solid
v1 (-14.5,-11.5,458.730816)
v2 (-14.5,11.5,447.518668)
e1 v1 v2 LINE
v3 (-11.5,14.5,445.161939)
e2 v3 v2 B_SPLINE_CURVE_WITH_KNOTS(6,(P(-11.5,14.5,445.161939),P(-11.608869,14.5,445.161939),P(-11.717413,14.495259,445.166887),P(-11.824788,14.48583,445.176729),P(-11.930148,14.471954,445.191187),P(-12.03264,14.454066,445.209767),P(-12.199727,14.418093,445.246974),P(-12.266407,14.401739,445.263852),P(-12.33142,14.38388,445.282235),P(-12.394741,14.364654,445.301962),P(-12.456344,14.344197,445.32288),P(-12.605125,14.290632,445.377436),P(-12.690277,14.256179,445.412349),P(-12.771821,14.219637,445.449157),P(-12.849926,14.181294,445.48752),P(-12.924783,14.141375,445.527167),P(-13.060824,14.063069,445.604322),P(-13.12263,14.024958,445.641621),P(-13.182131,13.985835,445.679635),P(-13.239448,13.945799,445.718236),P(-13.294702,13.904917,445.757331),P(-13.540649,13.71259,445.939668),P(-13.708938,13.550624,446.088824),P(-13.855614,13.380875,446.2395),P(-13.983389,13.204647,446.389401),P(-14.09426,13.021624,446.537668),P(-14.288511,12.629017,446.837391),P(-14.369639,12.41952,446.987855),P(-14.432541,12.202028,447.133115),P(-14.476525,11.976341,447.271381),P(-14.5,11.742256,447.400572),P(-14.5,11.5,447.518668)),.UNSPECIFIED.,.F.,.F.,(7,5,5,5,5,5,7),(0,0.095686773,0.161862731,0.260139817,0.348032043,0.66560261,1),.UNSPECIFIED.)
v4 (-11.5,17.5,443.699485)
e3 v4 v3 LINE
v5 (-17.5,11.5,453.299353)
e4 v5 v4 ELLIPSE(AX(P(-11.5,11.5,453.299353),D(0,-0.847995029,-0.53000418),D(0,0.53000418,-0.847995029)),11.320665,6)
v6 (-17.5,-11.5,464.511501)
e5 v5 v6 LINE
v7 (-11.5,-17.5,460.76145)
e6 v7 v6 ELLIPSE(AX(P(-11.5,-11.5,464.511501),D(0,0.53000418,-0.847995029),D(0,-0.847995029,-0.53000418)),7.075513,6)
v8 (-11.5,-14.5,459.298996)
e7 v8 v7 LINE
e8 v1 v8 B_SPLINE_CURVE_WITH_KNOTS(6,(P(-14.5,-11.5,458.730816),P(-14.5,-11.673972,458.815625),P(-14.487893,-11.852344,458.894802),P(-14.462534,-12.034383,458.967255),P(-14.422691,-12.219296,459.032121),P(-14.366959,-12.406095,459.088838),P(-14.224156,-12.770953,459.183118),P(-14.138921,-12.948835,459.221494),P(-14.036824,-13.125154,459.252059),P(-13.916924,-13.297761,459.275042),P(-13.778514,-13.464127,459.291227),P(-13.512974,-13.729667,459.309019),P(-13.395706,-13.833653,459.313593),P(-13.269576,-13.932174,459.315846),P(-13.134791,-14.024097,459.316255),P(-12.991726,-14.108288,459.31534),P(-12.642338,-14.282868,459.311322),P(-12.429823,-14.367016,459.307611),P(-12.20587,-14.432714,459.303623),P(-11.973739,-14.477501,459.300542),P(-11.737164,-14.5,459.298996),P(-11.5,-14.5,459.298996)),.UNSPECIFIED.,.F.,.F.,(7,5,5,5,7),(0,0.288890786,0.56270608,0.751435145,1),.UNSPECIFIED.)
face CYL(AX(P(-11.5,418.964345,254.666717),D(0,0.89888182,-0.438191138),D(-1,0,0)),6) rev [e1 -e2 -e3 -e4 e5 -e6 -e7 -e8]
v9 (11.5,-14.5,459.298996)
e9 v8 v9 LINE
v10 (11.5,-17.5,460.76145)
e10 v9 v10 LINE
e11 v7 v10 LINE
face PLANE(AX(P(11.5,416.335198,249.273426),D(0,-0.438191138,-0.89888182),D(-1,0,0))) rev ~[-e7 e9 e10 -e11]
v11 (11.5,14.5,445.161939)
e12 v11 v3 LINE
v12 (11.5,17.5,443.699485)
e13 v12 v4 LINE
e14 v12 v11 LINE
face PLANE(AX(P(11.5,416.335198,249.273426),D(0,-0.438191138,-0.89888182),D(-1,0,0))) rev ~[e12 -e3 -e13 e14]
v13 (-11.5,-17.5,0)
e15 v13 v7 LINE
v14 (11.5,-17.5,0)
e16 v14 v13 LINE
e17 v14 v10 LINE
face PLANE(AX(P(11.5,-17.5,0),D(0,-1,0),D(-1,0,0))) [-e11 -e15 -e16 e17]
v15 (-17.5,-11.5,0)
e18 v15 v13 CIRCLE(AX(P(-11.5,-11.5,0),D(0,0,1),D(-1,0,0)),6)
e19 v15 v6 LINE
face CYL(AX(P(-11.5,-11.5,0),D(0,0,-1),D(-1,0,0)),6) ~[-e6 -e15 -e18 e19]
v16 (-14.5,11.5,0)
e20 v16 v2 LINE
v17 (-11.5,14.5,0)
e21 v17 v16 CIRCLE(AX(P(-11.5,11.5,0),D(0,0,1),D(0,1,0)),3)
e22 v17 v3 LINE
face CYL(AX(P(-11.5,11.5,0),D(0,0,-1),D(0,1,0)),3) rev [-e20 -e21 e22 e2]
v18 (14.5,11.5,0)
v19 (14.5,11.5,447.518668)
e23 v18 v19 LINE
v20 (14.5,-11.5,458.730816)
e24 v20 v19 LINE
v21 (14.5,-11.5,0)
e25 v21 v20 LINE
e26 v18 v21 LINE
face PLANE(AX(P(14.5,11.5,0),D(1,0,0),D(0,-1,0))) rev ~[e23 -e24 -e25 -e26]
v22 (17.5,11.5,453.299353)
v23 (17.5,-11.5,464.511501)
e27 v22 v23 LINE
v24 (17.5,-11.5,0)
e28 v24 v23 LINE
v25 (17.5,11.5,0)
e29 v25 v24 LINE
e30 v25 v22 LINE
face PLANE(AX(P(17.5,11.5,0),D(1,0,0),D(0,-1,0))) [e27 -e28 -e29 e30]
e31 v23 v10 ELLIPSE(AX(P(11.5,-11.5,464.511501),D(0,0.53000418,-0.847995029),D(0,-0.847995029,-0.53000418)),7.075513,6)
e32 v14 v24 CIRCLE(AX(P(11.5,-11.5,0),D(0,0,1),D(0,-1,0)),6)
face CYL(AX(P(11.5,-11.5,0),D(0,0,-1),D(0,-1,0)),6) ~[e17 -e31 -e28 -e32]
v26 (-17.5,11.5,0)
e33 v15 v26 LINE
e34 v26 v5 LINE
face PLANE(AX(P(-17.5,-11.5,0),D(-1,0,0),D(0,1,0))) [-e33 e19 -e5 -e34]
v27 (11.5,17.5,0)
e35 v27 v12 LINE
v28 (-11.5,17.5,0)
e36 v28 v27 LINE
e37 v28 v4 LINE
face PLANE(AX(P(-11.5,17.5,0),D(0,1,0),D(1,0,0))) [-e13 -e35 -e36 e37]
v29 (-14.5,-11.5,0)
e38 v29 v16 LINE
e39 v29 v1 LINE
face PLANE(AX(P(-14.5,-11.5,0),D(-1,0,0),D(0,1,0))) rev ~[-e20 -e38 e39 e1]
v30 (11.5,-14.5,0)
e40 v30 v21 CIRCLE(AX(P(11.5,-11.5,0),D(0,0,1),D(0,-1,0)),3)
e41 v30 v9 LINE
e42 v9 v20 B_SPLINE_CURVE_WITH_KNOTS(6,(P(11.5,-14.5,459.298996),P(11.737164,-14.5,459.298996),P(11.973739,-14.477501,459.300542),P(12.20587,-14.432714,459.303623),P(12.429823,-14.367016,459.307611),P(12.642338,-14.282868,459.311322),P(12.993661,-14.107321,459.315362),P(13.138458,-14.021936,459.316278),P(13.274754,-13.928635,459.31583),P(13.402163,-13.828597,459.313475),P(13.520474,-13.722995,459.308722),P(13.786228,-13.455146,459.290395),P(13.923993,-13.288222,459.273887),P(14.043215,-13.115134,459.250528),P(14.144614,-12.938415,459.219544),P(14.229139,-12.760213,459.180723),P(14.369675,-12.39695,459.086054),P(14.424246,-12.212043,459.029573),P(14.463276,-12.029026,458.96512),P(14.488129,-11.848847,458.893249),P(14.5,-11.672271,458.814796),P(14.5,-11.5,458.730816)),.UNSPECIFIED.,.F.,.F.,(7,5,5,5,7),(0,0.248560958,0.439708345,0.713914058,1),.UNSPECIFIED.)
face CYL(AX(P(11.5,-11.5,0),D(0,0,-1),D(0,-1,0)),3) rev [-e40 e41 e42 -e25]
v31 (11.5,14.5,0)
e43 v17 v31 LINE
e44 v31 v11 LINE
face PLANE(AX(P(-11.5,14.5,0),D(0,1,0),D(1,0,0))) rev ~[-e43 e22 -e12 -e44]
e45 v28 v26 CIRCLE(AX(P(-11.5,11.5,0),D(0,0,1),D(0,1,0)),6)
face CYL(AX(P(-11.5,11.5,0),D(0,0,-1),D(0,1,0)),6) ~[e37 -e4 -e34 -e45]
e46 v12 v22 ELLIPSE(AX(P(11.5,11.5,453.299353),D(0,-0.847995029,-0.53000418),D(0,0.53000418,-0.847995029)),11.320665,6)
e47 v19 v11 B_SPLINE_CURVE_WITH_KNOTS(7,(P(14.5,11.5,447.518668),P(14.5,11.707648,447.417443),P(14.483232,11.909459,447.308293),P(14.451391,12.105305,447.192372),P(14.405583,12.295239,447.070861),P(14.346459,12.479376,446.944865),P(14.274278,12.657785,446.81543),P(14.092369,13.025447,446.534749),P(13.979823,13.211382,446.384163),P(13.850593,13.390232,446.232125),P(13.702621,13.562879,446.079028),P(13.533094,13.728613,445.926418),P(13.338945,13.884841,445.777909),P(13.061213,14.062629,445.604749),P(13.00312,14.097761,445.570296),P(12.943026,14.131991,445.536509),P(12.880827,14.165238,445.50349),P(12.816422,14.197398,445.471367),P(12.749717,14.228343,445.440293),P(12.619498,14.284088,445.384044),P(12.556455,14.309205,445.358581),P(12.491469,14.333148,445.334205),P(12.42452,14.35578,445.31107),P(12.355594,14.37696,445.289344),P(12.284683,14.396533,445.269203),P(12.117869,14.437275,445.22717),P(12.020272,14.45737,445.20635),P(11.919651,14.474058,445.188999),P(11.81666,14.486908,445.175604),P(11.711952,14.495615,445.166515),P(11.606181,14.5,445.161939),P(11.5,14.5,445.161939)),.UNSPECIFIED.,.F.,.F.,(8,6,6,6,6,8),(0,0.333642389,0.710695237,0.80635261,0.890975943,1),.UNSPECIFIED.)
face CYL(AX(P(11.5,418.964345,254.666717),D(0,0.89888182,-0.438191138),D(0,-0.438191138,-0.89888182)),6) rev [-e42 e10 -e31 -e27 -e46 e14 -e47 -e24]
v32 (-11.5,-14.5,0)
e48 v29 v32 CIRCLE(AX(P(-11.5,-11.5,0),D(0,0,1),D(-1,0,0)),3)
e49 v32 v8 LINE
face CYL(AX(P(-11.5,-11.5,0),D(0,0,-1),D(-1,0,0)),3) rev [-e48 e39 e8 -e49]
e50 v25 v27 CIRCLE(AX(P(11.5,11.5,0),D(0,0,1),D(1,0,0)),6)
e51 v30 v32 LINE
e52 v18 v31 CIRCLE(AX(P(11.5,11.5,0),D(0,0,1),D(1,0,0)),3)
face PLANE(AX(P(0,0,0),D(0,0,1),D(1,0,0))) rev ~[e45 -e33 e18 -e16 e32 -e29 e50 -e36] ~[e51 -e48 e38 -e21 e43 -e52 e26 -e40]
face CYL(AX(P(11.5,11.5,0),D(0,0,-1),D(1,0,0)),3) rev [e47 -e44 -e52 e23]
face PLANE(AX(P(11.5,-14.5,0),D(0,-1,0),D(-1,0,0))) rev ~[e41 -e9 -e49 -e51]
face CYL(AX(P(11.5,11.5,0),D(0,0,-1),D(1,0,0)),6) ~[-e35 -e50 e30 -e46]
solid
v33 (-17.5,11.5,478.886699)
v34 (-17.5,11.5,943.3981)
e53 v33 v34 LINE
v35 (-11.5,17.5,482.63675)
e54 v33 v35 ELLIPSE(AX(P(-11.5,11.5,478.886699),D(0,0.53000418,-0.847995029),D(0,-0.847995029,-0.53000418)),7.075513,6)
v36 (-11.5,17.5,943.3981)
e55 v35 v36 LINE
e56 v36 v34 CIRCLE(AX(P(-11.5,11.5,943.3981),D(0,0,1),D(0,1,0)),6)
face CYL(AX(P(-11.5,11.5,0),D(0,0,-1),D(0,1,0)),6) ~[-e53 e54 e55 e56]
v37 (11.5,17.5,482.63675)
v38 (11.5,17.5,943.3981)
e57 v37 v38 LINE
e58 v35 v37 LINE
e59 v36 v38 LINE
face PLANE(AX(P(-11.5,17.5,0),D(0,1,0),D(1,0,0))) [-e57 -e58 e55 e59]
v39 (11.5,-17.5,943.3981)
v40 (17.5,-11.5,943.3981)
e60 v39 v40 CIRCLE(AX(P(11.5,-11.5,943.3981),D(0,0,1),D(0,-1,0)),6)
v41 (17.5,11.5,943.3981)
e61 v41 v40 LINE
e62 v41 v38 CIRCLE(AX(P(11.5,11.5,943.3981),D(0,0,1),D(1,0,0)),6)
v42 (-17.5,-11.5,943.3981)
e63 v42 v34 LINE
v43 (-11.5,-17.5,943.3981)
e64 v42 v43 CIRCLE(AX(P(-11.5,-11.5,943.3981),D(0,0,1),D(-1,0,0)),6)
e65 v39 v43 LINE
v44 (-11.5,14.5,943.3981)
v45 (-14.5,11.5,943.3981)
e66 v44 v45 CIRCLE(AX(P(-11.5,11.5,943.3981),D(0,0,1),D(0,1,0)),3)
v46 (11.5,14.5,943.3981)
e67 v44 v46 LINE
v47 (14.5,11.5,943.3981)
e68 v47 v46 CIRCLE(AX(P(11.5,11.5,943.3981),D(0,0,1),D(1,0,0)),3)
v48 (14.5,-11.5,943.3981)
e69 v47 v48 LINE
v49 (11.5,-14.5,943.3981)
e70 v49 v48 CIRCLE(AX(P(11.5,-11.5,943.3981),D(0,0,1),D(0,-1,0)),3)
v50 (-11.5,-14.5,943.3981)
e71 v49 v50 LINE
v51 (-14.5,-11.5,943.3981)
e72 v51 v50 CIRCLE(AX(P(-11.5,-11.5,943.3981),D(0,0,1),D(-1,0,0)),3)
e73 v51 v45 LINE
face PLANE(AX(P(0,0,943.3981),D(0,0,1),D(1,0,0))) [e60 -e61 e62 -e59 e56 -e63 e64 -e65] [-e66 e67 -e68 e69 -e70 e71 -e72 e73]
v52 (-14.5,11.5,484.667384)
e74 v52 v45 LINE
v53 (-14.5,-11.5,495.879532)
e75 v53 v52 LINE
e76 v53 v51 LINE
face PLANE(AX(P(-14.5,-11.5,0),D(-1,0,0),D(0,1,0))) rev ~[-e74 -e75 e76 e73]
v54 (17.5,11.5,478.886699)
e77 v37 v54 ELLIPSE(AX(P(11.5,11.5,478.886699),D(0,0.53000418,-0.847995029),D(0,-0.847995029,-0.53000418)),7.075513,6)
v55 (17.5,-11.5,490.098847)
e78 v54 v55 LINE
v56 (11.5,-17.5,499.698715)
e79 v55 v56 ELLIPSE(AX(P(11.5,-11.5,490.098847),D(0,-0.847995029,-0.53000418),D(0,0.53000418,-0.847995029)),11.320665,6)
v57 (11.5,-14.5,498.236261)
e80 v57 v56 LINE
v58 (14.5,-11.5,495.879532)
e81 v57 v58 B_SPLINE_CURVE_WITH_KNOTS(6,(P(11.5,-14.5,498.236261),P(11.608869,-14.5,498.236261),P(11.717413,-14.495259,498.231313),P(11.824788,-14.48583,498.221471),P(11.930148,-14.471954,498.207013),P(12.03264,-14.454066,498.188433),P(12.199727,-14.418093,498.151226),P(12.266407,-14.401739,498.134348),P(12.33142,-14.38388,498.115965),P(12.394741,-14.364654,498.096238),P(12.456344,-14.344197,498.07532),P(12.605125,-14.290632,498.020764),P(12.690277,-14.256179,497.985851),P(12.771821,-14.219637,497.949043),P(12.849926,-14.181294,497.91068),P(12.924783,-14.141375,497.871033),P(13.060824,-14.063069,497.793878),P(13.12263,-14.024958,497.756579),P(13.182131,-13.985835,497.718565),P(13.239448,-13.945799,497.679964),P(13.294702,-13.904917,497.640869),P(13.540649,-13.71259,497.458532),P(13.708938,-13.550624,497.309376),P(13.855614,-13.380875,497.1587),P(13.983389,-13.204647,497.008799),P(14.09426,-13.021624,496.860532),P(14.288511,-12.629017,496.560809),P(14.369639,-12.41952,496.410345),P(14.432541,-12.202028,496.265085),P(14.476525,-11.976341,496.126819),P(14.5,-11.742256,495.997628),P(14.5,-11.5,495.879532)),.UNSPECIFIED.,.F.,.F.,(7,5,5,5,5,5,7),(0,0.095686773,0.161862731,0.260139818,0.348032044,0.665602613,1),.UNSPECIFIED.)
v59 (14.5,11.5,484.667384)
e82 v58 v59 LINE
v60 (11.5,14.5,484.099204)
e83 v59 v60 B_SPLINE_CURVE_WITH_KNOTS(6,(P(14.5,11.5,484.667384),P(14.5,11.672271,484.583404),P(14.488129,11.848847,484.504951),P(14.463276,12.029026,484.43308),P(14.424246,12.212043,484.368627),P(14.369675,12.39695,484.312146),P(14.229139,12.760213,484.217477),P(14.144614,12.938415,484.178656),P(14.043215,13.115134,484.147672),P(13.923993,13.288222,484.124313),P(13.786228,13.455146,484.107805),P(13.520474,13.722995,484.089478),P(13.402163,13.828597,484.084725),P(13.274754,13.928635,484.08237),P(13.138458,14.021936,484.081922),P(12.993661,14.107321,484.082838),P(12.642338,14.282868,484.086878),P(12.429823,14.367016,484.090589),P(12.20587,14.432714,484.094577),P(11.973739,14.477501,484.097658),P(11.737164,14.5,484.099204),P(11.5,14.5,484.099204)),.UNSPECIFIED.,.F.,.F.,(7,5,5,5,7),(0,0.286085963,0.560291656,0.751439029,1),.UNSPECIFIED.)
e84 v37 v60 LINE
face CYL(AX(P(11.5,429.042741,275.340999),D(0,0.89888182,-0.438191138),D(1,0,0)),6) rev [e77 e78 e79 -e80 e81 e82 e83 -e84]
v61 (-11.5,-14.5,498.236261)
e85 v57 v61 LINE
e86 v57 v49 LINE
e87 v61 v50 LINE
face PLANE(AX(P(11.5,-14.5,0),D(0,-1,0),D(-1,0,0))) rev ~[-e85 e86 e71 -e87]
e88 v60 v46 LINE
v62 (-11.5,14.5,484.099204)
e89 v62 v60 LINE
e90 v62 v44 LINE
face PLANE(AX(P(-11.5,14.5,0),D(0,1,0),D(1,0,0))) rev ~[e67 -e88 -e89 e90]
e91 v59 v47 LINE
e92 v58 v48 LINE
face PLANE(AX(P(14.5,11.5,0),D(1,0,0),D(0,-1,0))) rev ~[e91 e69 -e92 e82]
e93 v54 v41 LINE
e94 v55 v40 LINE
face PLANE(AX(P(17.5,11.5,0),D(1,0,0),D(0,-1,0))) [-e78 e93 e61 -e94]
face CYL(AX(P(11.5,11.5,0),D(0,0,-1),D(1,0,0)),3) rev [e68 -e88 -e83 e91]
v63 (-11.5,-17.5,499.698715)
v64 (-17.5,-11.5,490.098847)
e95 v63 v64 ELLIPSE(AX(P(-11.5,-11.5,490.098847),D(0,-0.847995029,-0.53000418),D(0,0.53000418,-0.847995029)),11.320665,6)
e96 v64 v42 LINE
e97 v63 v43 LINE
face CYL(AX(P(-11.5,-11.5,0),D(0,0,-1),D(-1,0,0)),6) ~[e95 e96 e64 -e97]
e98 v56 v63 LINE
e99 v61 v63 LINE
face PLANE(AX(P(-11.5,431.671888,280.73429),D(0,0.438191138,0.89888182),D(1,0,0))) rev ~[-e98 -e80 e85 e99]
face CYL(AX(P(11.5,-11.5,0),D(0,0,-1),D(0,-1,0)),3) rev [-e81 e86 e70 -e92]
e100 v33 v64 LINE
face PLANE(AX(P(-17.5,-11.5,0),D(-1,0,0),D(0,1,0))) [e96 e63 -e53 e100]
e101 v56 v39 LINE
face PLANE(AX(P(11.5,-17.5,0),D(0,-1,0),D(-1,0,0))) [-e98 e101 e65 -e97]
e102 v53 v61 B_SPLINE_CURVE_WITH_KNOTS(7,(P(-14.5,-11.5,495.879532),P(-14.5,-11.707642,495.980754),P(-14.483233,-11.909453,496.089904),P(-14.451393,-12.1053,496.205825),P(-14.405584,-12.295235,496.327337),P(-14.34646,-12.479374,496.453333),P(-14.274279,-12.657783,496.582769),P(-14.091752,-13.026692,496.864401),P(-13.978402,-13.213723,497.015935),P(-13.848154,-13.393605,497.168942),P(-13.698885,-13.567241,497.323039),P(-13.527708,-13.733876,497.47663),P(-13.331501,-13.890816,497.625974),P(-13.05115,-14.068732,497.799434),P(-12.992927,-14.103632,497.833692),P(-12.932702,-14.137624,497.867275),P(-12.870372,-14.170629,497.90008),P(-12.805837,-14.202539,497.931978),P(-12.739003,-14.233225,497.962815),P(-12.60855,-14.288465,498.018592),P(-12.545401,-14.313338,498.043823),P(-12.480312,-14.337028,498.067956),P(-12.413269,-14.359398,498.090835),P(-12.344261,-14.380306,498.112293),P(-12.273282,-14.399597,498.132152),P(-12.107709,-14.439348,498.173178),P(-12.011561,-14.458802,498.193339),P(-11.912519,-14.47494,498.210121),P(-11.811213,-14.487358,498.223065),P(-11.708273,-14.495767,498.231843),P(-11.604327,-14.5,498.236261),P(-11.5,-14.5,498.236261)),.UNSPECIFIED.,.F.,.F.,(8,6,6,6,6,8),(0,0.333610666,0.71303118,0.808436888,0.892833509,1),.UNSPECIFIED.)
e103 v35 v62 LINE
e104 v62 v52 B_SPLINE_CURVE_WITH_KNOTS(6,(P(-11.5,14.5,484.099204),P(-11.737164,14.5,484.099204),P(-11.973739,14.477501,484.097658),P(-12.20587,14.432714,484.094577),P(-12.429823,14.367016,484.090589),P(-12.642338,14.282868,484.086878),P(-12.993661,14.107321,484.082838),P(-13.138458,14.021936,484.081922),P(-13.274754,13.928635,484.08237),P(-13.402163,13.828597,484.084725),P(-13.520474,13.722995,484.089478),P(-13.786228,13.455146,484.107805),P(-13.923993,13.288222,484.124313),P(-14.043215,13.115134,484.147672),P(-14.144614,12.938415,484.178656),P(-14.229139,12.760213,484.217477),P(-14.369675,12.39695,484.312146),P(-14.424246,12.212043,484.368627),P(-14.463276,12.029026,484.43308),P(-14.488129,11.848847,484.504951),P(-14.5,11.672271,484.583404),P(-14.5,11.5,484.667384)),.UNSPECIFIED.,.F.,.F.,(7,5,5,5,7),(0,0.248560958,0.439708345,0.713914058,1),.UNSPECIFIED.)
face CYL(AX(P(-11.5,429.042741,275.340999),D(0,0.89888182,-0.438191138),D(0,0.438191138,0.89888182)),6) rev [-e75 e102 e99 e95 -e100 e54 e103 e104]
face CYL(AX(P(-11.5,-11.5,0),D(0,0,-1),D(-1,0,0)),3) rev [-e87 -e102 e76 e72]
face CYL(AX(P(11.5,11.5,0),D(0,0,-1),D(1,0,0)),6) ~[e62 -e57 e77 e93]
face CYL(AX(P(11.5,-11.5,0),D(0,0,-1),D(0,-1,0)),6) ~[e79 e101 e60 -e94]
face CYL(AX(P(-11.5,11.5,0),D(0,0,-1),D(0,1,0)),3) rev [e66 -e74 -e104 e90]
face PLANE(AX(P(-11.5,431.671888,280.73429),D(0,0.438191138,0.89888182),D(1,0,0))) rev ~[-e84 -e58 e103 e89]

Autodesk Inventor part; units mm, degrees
ref_plane "Start plane" through (0, 0, 0) normal (0, 0, 1) x (1, 0, 0)
ref_plane "End plane" through (0, 0, 943.3981) normal (0, 0, 1) x (1, 0, 0)
sketch "Sketch" plane through (0, 0, 0) normal (0, 0, 1) x (1, 0, 0)
  line L0 (-17.5, -11.5) -> (-17.5, 11.5)
  line L1 (-11.5, 17.5) -> (11.5, 17.5)
  line L2 (17.5, 11.5) -> (17.5, -11.5)
  line L3 (11.5, -17.5) -> (-11.5, -17.5)
  arc A0 (-17.5, -11.5) -> (-11.5, -17.5) centre (-11.5, -11.5) ccw
  arc A1 (-11.5, 17.5) -> (-17.5, 11.5) centre (-11.5, 11.5) ccw
  arc A2 (17.5, 11.5) -> (11.5, 17.5) centre (11.5, 11.5) ccw
  arc A3 (11.5, -17.5) -> (17.5, -11.5) centre (11.5, -11.5) ccw
  arc A4 (-11.5, 14.5) -> (-14.5, 11.5) centre (-11.5, 11.5) ccw
  line L4 (-11.5, 14.5) -> (11.5, 14.5)
  arc A5 (14.5, 11.5) -> (11.5, 14.5) centre (11.5, 11.5) ccw
  line L5 (14.5, 11.5) -> (14.5, -11.5)
  arc A6 (11.5, -14.5) -> (14.5, -11.5) centre (11.5, -11.5) ccw
  line L6 (11.5, -14.5) -> (-11.5, -14.5)
  arc A7 (-14.5, -11.5) -> (-11.5, -14.5) centre (-11.5, -11.5) ccw
  line L7 (-14.5, -11.5) -> (-14.5, 11.5)
  line L8 (0, 19.2397) -> (0, -19.2397) construction
  line L9 (-19.2397, 0) -> (19.2397, 0) construction
  dimension "d7" = 6
  dimension "d10" = 35
  dimension "d11" = 35
  dimension "d12" = 3
  dimension "d15" = 17.5
  dimension "d16" = 17.5
extrude "Body" add sketch "Sketch" along normal up to surface (943.3981 mm away) from surface at 0
sketch "Sketch3" plane through (0, 0, 0) normal (0, 0, 1) x (1, 0, 0)
  line L0 (0, 0) -> (10, 0)
ref_plane "Work Plane3" through (0, 0, 0) normal (0, -1, 0) x (1, 0, 0)
sketch "Sketch4" plane through (0, 0, 0) normal (0, -1, 0) x (1, 0, 0)
  line L0 (-2, 0) -> (12, 0)
  line L1 (-2, 943.3981) -> (12, 943.3981)
  dimension "d18" = 943.3981
ref_plane "Work Plane4" through (0, 423.9992, 264.9995) normal (0, -0.8989, 0.4382) x (1, 0, 0)
ref_plane "Work Plane5" through (0, -423.9992, 678.3986) normal (0, -0.8989, 0.4382) x (1, 0, 0)
ref_plane "Work Plane6" through (0, 0, 471.6991) normal (0, -0.8989, 0.4382) x (1, 0, 0)
sketch "Sketch5" plane through (0, 0, 471.6991) normal (0, -0.8989, 0.4382) x (1, 0, 0)
  arc A0 (-17.5, -11.5) -> (-11.5, -17.5) centre (-11.5, -11.5) ccw
  line L0 (-17.5, -11.5) -> (-17.5, 11.5)
  arc A1 (-11.5, 17.5) -> (-17.5, 11.5) centre (-11.5, 11.5) ccw
  line L1 (-11.5, 17.5) -> (11.5, 17.5)
  arc A2 (17.5, 11.5) -> (11.5, 17.5) centre (11.5, 11.5) ccw
  line L2 (17.5, 11.5) -> (17.5, -11.5)
  arc A3 (11.5, -17.5) -> (17.5, -11.5) centre (11.5, -11.5) ccw
  line L3 (11.5, -17.5) -> (-11.5, -17.5)
  arc A4 (-11.5, 14.5) -> (-14.5, 11.5) centre (-11.5, 11.5) ccw
  line L4 (-11.5, 14.5) -> (11.5, 14.5)
  arc A5 (14.5, 11.5) -> (11.5, 14.5) centre (11.5, 11.5) ccw
  line L5 (14.5, 11.5) -> (14.5, -11.5)
  arc A6 (11.5, -14.5) -> (14.5, -11.5) centre (11.5, -11.5) ccw
  line L6 (11.5, -14.5) -> (-11.5, -14.5)
  arc A7 (-14.5, -11.5) -> (-11.5, -14.5) centre (-11.5, -11.5) ccw
  line L7 (-14.5, -11.5) -> (-14.5, 11.5)
extrude "Extrusion2" cut sketch "Sketch5" along normal up to surface (943.3981 mm away) from surface at -471.6991 contours L0 A1 L1 A2 L2 A3 L3 A0 | L4 A5 L5 A6 L6 A7 L7 A4
equation "\"d7\" = G_IR"
equation "\"d10\" = G_H"
equation "\"d11\" = G_W"
equation "\"d12\" = G_T"
equation "\"d15\" = 0.5 * d10"
equation "\"d16\" = 0.5 * d11"
equation "\"d3\" = G_L"
equation "\"G_W\" = 35"
equation "\"G_H\" = 35"
equation "\"G_T\" = 3"
equation "\"G_IR\" = 6"
equation "\"G_L\" = d18"
equation "\"G_OFFSET_START\" = 0"
equation "\"G_OFFSET_END\" = 0"
equation "\"d14\" = G_OFFSET_END + B_L"
equation "\"B_L\" = 943.39811"
properties part number "AS 1163 - C350L0 35x35x3.0 SHS - 943.398" material "Steel, Mild"
